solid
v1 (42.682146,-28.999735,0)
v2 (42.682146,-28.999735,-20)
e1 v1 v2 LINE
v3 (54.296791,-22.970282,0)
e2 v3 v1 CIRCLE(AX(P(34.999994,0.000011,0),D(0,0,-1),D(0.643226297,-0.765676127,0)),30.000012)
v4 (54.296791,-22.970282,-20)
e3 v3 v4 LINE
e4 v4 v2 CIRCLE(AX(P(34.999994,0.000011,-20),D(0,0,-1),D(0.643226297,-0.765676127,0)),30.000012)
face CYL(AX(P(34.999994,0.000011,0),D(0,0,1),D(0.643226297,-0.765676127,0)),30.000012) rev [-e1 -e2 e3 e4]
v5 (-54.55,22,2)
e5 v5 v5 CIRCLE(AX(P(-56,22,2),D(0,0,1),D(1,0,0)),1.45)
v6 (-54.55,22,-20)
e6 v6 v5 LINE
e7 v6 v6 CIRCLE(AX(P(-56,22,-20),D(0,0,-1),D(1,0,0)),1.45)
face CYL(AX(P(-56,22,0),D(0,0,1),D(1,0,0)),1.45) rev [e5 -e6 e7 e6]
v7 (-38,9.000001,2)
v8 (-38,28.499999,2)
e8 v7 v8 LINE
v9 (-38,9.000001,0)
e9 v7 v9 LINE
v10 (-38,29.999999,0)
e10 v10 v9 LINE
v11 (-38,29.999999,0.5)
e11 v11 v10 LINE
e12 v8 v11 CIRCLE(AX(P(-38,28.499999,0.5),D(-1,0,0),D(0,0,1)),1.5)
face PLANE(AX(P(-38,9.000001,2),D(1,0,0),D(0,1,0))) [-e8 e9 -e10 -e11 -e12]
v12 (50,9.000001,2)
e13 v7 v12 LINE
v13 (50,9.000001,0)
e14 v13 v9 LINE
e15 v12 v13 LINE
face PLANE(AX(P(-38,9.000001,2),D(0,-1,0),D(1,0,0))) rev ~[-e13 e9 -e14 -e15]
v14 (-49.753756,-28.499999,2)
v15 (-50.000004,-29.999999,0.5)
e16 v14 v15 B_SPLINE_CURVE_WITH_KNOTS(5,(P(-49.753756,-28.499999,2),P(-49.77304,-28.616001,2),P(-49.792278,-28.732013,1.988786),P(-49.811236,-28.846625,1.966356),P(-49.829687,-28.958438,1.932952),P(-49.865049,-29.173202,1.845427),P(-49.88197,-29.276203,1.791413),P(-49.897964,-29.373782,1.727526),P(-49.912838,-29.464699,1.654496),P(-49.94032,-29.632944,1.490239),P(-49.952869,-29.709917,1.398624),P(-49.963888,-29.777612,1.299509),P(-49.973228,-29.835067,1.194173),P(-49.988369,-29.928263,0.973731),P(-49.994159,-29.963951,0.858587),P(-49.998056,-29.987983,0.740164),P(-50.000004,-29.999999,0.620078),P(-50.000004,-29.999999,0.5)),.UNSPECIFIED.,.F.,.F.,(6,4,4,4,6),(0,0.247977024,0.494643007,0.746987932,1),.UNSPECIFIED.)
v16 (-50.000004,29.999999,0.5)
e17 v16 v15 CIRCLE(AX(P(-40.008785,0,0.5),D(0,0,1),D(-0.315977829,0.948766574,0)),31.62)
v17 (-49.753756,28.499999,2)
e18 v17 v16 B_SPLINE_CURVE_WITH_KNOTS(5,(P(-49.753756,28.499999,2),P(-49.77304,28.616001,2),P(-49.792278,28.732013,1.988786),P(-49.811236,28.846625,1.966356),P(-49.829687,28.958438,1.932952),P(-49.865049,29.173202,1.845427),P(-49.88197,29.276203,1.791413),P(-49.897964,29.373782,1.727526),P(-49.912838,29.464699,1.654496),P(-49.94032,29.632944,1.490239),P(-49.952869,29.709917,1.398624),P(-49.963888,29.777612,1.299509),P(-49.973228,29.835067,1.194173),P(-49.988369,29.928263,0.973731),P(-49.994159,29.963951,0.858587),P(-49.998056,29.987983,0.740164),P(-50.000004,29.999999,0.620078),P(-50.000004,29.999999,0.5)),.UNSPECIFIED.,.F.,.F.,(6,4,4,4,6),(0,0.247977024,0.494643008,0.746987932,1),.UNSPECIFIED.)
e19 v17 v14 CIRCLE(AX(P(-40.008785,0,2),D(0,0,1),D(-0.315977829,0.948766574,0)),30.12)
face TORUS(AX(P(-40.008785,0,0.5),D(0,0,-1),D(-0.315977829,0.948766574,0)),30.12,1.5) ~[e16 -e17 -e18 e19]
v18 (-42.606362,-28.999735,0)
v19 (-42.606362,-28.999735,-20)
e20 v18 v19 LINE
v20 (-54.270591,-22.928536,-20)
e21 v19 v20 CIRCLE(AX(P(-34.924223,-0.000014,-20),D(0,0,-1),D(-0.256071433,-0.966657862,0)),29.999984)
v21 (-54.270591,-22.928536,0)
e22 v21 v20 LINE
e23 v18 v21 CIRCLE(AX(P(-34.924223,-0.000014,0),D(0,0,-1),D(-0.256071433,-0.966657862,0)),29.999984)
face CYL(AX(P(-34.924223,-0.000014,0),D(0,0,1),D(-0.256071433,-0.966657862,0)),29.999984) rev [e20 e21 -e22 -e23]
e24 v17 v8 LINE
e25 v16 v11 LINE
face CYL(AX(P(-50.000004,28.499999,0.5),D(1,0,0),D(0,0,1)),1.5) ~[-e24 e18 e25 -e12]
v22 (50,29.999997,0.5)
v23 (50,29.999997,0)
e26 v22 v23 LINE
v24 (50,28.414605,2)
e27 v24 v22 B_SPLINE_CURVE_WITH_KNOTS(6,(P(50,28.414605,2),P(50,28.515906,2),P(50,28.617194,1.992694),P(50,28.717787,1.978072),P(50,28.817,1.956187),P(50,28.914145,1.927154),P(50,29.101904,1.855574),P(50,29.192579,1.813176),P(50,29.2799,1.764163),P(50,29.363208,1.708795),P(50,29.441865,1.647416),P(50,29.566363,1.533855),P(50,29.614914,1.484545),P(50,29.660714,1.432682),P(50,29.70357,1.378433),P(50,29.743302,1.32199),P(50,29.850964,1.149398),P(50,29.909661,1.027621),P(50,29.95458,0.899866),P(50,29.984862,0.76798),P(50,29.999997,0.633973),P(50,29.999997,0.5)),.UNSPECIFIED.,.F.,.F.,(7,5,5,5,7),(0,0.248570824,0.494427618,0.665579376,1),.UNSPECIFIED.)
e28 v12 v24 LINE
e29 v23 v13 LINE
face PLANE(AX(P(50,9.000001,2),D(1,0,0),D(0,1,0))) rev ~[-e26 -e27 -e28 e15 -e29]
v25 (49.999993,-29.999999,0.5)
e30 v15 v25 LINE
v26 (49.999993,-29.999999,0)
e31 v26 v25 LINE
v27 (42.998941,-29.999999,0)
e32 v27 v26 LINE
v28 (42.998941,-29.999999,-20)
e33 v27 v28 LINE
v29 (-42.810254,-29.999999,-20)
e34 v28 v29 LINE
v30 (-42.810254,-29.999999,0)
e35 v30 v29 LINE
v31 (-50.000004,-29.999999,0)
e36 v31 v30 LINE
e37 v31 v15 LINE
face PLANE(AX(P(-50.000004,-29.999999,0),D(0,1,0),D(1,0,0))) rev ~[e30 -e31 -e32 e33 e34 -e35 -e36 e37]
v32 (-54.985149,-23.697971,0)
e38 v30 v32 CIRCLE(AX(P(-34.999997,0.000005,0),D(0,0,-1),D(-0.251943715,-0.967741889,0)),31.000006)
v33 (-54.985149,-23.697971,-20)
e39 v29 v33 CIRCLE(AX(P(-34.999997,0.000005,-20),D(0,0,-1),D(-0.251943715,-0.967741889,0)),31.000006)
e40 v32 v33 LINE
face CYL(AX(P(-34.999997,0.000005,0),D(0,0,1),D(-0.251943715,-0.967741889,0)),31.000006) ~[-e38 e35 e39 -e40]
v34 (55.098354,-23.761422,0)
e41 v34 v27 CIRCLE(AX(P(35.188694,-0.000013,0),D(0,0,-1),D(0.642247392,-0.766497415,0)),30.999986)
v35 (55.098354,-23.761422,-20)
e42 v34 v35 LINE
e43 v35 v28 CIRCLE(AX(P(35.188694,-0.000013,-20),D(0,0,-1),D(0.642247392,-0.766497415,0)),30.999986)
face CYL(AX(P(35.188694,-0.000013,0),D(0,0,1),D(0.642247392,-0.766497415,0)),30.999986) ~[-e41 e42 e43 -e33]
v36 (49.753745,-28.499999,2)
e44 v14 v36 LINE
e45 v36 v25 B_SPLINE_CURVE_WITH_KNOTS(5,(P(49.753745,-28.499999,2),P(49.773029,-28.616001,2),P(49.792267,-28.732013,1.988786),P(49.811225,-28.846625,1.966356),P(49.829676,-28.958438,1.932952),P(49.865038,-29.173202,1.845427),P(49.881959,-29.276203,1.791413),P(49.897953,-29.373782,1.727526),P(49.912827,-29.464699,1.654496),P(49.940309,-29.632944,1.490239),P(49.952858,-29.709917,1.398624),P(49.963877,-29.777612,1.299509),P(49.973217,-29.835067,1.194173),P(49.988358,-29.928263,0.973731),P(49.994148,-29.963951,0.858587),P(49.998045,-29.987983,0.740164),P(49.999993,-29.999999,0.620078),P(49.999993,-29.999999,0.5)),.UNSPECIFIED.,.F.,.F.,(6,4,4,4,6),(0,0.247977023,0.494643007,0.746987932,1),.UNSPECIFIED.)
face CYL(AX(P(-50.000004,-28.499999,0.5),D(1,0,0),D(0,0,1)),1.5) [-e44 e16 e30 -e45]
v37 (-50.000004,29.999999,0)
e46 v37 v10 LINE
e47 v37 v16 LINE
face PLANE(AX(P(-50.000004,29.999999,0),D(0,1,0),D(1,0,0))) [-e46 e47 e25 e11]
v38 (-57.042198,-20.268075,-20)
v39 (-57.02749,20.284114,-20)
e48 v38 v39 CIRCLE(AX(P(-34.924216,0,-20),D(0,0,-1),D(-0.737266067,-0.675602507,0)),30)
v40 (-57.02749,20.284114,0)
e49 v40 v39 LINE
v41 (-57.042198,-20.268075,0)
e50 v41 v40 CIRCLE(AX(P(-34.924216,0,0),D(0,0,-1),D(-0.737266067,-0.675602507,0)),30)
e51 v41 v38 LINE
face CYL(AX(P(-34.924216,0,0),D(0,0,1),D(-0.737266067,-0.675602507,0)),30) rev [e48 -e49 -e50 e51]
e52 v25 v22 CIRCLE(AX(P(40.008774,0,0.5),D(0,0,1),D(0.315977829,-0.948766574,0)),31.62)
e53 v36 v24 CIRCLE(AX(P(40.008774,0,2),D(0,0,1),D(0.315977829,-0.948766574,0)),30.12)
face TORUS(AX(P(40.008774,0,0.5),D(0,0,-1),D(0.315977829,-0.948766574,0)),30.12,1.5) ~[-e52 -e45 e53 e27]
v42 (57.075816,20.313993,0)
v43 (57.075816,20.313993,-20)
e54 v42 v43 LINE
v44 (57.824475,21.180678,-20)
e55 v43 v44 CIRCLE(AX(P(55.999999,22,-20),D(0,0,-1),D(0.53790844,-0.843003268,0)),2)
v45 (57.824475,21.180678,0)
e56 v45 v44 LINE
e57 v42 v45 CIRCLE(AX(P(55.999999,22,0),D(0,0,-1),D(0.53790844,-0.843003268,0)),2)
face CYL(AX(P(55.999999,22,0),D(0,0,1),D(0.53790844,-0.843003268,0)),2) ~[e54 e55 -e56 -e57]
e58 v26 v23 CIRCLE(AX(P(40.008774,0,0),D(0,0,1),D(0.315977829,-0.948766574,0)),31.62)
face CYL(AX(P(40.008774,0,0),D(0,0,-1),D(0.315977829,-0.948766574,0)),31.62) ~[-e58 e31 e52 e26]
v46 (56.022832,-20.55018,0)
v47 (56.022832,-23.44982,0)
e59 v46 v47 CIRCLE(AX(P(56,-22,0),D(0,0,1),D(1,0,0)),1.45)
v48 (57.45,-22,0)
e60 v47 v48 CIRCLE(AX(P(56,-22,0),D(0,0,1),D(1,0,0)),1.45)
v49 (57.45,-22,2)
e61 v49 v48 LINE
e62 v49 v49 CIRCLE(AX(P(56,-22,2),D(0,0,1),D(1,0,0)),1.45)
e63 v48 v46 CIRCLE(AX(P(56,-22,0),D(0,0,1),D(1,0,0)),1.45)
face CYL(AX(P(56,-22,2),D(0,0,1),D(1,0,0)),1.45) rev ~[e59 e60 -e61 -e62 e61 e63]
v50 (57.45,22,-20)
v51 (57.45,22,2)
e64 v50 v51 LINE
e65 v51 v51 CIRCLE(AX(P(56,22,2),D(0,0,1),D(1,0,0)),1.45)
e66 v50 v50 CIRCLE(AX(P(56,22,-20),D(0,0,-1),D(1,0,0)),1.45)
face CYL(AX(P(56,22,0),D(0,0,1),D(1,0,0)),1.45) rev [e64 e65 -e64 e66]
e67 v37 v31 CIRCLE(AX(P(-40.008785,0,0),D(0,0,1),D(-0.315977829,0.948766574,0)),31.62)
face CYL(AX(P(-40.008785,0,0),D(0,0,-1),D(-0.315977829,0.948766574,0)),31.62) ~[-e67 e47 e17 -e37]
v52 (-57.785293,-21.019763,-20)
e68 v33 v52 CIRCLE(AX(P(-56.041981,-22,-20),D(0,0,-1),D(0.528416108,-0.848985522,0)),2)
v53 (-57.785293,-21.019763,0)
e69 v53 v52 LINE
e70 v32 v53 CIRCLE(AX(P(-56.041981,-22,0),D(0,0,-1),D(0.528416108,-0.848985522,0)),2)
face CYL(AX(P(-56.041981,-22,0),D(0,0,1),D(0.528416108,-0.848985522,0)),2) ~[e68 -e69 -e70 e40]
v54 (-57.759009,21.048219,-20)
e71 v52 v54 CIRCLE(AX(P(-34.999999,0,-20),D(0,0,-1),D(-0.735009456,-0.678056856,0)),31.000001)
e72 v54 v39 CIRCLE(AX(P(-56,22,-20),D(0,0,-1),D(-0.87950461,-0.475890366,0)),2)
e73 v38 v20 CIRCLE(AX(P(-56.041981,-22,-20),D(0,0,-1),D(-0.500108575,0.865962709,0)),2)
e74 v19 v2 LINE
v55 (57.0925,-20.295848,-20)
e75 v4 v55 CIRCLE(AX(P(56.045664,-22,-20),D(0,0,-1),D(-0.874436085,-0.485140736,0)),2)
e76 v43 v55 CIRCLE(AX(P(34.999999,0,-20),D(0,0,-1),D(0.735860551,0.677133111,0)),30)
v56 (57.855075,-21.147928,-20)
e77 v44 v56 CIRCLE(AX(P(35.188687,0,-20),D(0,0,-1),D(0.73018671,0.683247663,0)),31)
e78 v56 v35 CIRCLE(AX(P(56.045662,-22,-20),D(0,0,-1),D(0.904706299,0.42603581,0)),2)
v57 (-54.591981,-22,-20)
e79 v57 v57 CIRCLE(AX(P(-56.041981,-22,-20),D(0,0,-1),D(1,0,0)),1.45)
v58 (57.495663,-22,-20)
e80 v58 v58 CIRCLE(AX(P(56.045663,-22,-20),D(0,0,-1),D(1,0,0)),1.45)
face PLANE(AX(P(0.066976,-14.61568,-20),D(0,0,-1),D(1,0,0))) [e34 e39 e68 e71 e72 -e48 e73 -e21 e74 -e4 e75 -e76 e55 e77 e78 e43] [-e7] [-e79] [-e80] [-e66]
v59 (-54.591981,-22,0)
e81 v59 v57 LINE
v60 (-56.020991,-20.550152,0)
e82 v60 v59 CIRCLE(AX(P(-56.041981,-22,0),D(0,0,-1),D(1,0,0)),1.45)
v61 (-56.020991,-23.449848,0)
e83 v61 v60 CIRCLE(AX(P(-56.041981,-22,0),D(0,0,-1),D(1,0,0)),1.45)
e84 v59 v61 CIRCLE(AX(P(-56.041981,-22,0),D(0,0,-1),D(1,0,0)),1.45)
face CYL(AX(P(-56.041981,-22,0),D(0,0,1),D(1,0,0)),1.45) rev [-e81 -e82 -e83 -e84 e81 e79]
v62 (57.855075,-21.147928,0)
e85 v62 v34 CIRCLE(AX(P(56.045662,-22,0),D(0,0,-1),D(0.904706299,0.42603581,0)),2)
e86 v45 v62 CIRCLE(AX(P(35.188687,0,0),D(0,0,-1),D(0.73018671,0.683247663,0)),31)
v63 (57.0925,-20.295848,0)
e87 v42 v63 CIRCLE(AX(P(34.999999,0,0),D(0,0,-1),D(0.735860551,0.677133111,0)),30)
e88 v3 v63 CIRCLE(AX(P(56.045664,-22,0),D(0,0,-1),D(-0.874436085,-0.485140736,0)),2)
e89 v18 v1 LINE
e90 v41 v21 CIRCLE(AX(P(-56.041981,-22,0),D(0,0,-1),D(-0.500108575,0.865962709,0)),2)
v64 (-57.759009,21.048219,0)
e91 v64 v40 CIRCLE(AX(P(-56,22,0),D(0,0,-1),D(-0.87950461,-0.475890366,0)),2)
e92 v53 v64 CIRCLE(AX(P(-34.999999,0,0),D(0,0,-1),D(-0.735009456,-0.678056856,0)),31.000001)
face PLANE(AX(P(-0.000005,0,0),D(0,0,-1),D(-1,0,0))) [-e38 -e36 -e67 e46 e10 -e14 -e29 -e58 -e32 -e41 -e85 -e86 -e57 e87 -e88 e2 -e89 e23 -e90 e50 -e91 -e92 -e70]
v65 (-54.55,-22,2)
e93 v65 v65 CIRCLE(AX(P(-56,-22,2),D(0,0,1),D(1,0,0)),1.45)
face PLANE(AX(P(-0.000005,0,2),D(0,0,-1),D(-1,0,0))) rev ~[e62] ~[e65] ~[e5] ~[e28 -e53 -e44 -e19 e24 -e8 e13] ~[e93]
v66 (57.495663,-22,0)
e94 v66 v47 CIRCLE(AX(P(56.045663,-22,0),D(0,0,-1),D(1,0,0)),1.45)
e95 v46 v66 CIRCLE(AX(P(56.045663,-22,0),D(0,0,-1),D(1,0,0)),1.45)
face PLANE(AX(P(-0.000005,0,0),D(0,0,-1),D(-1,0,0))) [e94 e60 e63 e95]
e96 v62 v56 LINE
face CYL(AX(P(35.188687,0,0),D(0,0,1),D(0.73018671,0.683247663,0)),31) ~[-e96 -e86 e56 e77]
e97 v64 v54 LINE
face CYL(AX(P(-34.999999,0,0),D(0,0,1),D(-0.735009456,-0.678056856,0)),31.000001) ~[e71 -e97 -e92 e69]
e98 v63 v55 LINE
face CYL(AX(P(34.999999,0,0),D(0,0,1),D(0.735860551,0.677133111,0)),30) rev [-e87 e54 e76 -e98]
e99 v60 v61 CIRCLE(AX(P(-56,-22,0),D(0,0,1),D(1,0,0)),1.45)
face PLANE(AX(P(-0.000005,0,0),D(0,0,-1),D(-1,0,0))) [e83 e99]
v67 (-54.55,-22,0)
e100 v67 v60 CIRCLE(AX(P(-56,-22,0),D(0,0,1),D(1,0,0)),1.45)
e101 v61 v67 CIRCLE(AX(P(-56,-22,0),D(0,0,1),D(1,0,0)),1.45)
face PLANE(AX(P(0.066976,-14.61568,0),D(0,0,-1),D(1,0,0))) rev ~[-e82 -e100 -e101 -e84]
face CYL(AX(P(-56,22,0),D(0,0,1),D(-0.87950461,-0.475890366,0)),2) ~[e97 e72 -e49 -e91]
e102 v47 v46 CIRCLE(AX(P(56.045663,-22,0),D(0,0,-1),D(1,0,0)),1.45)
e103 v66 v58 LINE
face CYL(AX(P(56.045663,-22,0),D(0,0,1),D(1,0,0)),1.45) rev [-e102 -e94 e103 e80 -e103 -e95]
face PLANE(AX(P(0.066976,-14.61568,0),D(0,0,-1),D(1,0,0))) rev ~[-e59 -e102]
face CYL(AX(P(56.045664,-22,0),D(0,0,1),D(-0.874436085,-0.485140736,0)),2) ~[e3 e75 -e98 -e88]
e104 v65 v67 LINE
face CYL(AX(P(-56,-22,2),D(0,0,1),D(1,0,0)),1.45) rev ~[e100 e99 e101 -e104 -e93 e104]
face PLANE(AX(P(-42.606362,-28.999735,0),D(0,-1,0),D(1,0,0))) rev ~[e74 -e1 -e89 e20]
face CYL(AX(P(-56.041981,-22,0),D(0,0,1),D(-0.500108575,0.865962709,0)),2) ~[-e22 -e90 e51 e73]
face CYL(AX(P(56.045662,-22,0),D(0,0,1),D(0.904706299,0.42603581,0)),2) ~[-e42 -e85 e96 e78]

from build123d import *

# Parameters (mm, degrees)
PAD_DEPTH       = 2
SKETCH001_W     = 88
SKETCH001_H     = 20.999999
POCKET_DEPTH    = 5
SKETCH002_R     = 1.45
POCKET001_DEPTH = 5
SKETCH005_R     = 1.45
PAD001_DEPTH    = 20
FILLET_R        = 1.5


with BuildPart() as part:
    # Sketch → Pad (new body)
    with BuildSketch(Plane.XY):
        with BuildLine():
            Line((-50.000004, 29.999999), (49.999993, 29.999999))
            ThreePointArc((49.999993, -29.999999), (71.628774, 0), (49.999993, 29.999999))
            Line((-50.000004, -29.999999), (49.999993, -29.999999))
            ThreePointArc((-50.000004, 29.999999), (-71.628785, 0), (-50.000004, -29.999999))
        make_face()
    extrude(amount=PAD_DEPTH)

    # Sketch001 (on Face6 of Pad) → Pocket (cut)
    with BuildSketch(Plane.XY.offset(2)):
        with Locations((6, 19.5)):
            Rectangle(SKETCH001_W, SKETCH001_H)
    extrude(amount=-POCKET_DEPTH, mode=Mode.SUBTRACT)

    # Sketch002 (on Face5 of Pocket) → Pocket001 (cut)
    with BuildSketch(Plane.XY.offset(2)):
        with Locations((-56, 22)):
            Circle(SKETCH002_R)
        with Locations((-56, -22)):
            Circle(SKETCH002_R)
        with Locations((56, 22)):
            Circle(SKETCH002_R)
        with Locations((56, -22)):
            Circle(SKETCH002_R)
    extrude(amount=-POCKET001_DEPTH, mode=Mode.SUBTRACT)

    # Sketch005 (on Sketch) → Pad001 (join)
    with BuildSketch(Plane(origin=(0, 0, 0), x_dir=(1, 0, 0), z_dir=(0, 0, -1))):
        with BuildLine():
            ThreePointArc((57.824475, -21.180678), (66.188679, -0.02241), (57.855075, 21.147928))
            ThreePointArc((57.855075, 21.147928), (57.421669, 23.451415), (55.098354, 23.761422))
            ThreePointArc((55.098354, 23.761422), (49.395322, 27.553068), (42.998941, 29.999999))
            Line((42.998941, 29.999999), (-42.810254, 29.999999))
            ThreePointArc((-42.810254, 29.999999), (-49.250438, 27.530438), (-54.985149, 23.697971))
            ThreePointArc((-54.985149, 23.697971), (-57.424375, 23.445333), (-57.785293, 21.019763))
            ThreePointArc((-57.785293, 21.019763), (-65.999994, -0.019369), (-57.759009, -21.048219))
            ThreePointArc((-57.759009, -21.048219), (-54.555317, -23.383073), (-57.02749, -20.284114))
            ThreePointArc((-57.042198, 20.268075), (-64.924214, -0.010881), (-57.02749, -20.284114))
            ThreePointArc((-57.042198, 20.268075), (-54.656994, 20.557152), (-54.270591, 22.928536))
            ThreePointArc((-42.606362, 28.999735), (-48.775213, 26.611086), (-54.270591, 22.928536))
            Line((-42.606362, 28.999735), (42.682146, 28.999735))
            ThreePointArc((54.296791, 22.970282), (48.822241, 26.626033), (42.682146, 28.999735))
            ThreePointArc((54.296791, 22.970282), (54.663143, 20.554788), (57.0925, 20.295848))
            ThreePointArc((57.075816, -20.313993), (64.999997, -0.012324), (57.0925, 20.295848))
            ThreePointArc((57.075816, -20.313993), (54.486491, -23.307399), (57.824475, -21.180678))
        make_face()
        with Locations((-56.041981, 22)):
            Circle(SKETCH005_R, mode=Mode.SUBTRACT)
        with Locations((56.045663, 22)):
            Circle(SKETCH005_R, mode=Mode.SUBTRACT)
        with Locations((56, -22)):
            Circle(SKETCH005_R, mode=Mode.SUBTRACT)
        with Locations((-56, -22)):
            Circle(SKETCH005_R, mode=Mode.SUBTRACT)
    extrude(amount=PAD001_DEPTH)

    # Fillet
    fillet_edges = [part.edges().sort_by_distance(p)[0] for p in [
        (-71.628785, 0, 2),
        (-44.000002, 29.999999, 2),
        (-5e-06, -29.999999, 2),
        (71.628774, -4e-06, 2),
    ]]
    fillet(fillet_edges, radius=FILLET_R)


solid = part.part
